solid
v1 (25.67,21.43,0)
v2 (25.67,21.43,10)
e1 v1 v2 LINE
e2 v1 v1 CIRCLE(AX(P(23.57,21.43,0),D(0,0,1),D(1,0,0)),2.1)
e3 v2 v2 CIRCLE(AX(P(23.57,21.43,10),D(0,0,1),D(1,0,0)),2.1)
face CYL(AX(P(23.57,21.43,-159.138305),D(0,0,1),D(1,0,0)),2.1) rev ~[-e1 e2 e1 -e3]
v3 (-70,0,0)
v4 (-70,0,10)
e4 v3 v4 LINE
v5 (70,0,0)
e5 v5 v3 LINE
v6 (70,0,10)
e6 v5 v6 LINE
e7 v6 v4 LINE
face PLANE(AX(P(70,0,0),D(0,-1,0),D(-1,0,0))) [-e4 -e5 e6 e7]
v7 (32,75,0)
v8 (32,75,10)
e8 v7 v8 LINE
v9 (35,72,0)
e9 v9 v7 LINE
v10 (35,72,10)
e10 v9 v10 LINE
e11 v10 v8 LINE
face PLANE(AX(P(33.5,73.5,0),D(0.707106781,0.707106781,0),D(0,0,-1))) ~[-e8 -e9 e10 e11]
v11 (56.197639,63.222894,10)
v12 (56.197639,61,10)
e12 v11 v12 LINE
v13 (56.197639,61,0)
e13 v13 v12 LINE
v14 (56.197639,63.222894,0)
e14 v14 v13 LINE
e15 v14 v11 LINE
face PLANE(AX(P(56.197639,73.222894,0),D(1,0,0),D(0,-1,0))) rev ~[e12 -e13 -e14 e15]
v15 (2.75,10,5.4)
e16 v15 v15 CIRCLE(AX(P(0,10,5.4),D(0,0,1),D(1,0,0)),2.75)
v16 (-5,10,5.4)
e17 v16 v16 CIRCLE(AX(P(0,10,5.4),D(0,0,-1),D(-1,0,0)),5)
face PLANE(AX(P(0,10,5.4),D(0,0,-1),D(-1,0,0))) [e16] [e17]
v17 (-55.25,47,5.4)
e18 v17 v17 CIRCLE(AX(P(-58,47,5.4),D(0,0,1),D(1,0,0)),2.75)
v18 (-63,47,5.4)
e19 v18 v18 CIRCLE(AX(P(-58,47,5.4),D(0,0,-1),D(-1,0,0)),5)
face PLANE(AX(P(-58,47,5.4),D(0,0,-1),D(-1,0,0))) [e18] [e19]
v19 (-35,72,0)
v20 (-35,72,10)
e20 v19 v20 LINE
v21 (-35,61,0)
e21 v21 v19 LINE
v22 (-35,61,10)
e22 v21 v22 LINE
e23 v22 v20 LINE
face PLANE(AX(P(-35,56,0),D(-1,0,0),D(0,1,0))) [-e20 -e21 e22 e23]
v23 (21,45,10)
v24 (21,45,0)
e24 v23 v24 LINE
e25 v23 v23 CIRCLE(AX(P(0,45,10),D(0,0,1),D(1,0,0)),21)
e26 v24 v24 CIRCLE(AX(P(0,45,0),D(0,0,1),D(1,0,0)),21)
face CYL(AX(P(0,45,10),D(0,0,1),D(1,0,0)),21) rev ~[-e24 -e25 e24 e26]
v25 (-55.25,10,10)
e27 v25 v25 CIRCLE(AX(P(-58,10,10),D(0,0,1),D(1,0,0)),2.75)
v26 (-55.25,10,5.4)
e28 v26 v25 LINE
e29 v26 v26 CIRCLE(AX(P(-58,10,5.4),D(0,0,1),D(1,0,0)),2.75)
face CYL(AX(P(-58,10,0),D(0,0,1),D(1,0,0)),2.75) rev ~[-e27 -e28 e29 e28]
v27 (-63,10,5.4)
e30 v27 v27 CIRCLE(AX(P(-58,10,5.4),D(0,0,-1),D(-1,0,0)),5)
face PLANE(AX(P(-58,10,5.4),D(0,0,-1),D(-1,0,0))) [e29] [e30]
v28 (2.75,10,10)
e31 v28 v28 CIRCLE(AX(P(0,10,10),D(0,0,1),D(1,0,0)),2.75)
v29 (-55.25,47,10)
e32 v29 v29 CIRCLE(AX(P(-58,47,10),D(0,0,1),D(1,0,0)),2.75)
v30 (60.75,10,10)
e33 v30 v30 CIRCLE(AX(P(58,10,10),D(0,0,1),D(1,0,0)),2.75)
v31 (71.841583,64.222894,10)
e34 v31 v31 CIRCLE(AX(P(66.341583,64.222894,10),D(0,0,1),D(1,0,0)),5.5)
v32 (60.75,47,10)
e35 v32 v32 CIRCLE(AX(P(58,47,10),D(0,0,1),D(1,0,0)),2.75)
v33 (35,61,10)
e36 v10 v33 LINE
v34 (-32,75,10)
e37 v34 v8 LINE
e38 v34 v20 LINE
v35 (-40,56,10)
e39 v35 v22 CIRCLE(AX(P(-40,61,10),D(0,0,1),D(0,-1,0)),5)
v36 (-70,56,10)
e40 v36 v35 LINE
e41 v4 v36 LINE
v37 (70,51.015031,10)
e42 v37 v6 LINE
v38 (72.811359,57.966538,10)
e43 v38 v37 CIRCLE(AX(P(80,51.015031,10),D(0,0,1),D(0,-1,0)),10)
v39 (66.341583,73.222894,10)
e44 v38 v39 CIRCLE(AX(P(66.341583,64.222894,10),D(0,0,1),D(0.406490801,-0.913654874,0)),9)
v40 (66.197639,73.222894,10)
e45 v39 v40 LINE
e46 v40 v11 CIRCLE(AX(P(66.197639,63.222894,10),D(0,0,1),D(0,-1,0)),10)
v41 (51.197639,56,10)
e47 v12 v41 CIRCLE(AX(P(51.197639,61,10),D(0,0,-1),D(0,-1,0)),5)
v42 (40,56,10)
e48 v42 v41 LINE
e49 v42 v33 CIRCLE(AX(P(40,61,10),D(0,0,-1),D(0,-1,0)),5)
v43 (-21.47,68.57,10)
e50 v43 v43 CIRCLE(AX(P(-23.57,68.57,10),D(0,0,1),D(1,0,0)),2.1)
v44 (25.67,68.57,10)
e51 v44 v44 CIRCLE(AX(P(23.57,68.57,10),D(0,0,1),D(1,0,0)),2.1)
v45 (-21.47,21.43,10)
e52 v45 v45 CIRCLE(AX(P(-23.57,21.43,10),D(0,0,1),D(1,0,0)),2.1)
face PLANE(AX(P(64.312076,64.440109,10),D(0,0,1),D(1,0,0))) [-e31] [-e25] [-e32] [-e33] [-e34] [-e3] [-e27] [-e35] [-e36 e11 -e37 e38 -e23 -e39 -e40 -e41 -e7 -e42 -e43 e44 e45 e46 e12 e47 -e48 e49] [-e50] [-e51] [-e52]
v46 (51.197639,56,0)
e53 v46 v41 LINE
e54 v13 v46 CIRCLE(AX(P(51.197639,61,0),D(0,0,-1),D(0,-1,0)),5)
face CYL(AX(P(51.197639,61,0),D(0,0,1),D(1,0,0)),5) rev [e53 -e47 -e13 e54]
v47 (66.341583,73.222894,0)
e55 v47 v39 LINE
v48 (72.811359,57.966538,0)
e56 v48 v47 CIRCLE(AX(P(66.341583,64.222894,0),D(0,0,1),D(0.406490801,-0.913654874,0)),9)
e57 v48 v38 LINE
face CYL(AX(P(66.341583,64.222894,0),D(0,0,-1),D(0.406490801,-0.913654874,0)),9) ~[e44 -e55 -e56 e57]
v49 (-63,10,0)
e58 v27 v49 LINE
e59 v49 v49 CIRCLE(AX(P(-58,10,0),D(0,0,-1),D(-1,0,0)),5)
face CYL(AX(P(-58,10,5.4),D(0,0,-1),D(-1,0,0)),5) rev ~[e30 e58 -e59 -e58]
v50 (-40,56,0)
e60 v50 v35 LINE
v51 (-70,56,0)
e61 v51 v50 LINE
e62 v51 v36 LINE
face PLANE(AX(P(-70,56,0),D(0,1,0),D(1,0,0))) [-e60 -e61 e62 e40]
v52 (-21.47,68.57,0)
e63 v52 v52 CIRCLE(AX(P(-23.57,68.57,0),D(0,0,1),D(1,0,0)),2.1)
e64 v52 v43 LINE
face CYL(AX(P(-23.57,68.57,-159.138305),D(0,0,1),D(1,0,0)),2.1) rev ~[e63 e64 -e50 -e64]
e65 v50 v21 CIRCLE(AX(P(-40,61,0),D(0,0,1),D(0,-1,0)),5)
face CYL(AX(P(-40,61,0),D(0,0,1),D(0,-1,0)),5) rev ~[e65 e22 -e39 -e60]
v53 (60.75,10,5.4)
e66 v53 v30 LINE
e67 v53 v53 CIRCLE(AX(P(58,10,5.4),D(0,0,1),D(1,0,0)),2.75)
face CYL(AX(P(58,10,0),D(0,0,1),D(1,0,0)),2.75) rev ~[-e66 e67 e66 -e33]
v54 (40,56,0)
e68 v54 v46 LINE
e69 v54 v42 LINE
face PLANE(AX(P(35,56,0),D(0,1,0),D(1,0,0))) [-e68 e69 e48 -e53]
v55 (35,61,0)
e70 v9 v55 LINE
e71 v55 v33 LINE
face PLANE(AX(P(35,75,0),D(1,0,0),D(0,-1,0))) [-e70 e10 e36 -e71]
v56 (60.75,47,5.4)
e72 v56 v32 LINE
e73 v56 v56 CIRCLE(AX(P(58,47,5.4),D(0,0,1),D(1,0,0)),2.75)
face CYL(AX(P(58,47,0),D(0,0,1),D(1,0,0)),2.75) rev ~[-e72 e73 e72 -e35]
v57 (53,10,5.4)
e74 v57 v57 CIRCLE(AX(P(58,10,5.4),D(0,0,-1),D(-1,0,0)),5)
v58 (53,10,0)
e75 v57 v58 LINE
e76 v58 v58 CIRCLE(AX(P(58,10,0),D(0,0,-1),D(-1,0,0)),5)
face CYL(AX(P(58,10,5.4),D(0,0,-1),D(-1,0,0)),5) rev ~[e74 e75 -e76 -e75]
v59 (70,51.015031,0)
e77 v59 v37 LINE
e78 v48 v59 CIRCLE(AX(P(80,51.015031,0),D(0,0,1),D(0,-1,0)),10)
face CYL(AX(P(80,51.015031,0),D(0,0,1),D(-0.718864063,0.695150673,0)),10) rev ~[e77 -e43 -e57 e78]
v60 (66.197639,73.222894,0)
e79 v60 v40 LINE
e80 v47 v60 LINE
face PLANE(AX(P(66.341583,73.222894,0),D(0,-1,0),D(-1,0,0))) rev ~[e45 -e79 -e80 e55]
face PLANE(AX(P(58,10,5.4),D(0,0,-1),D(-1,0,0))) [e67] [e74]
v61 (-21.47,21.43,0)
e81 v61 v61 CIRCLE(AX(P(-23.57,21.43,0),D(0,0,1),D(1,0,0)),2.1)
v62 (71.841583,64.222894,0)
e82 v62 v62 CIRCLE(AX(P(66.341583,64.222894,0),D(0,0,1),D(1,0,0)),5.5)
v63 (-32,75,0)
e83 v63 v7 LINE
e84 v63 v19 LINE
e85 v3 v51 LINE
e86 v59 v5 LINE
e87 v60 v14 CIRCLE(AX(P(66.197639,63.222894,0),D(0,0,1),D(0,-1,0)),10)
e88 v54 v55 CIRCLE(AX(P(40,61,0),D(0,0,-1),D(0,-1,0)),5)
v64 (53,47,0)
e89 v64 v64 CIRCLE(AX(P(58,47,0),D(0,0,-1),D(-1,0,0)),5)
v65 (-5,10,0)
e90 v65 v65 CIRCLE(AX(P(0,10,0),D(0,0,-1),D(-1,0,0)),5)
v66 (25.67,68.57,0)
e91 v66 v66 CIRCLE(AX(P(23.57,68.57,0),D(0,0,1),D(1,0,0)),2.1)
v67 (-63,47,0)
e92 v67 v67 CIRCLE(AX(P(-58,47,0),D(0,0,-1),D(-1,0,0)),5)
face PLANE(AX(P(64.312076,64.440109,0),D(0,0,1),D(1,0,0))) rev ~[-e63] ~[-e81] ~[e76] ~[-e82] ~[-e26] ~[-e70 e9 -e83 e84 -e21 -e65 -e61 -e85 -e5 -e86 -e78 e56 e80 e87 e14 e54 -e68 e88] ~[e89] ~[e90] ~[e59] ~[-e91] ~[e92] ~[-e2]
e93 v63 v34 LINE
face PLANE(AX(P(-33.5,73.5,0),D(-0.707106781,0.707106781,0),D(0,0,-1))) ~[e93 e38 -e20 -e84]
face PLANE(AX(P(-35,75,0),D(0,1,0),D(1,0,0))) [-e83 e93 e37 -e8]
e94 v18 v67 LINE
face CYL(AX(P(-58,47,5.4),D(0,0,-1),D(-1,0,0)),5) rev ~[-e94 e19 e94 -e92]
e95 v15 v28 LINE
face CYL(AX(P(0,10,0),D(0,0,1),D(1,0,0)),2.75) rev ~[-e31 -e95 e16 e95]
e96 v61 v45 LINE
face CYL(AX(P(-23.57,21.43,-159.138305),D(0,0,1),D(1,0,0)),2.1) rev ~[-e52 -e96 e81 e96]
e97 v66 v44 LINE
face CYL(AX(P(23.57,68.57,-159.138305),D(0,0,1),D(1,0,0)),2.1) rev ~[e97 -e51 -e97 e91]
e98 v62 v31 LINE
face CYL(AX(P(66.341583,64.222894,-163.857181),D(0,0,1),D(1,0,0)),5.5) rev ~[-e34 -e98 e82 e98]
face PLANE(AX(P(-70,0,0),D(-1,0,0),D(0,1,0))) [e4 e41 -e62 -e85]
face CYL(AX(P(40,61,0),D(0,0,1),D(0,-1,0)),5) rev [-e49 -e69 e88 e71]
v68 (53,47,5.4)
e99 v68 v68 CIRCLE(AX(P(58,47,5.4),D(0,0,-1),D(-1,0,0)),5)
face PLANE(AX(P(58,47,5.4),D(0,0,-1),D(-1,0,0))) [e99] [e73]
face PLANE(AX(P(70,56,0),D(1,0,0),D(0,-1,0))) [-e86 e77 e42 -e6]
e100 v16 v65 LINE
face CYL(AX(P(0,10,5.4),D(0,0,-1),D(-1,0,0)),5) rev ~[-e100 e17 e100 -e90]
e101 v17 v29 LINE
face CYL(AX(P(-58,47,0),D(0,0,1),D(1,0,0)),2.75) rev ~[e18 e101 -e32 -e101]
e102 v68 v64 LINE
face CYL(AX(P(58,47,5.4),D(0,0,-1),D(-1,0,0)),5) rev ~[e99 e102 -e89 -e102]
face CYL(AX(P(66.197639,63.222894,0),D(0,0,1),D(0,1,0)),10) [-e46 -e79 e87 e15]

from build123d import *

# Parameters (mm, degrees)
EXTRUDE1_DEPTH                                      = 10
M5_TAPPED_HOLE1_D                                   = 4.2
CUT_EXTRUDE1_REACH                                  = 12
SKETCH4_R                                           = 21
CHAMFER1_SIZE                                       = 3
CBORE_FOR_M5_HEX_SOCKET_HEAD_CAP_SCREW1_D           = 5.5
CBORE_FOR_M5_HEX_SOCKET_HEAD_CAP_SCREW1_CBORE_D     = 10
CBORE_FOR_M5_HEX_SOCKET_HEAD_CAP_SCREW1_CBORE_DEPTH = 5.4
EXTRUDE2_DEPTH                                      = 10
FILLET3_R                                           = 10
FILLET4_R                                           = 5
M12X1_0_TAPPED_HOLE2_D                              = 11
M12X1_0_TAPPED_HOLE1_D                              = 11


with BuildPart() as part:
    # Sketch1 → Extrude1 (new body)
    with BuildSketch(Plane.XY):
        Polygon((35, 56), (70, 56), (70, 0), (-70, 0), (-70, 56), (-35, 56), (-35, 75), (35, 75), align=None)
    extrude(amount=EXTRUDE1_DEPTH)

    # M5 Tapped Hole1 (through all)
    with Locations(Plane(origin=(0, 0, 0), x_dir=(-1, 0, 0), z_dir=(0, 0, -1))):
        with Locations((-23.57, 68.57), (23.57, 68.57), (-23.57, 21.43), (23.57, 21.43)):
            Hole(M5_TAPPED_HOLE1_D / 2)

    # Sketch4 → Cut-Extrude1 (cut, up to next)
    with BuildSketch(Plane.XY.offset(10), mode=Mode.PRIVATE) as cut_extrude1_sk1:
        with Locations((0, 45)):
            Circle(SKETCH4_R)
    cut_extrude1_tool1 = extrude(cut_extrude1_sk1.sketch, amount=-CUT_EXTRUDE1_REACH, mode=Mode.PRIVATE) & part.part
    add(cut_extrude1_tool1.solids().sort_by_distance((0, 45, 10))[0], mode=Mode.SUBTRACT)

    # Chamfer1
    chamfer1_edges = [part.edges().sort_by_distance(p)[0] for p in [
        (-35, 75, 5),
        (35, 75, 5),
    ]]
    chamfer(chamfer1_edges, length=CHAMFER1_SIZE)

    # CBORE for M5 Hex Socket Head Cap Screw1 (through all)
    with Locations(Plane(origin=(0, 0, 0), x_dir=(-1, 0, 0), z_dir=(0, 0, -1))):
        with Locations((-58, 10), (0, 10), (58, 10), (58, 47), (-58, 47)):
            CounterBoreHole(CBORE_FOR_M5_HEX_SOCKET_HEAD_CAP_SCREW1_D / 2, CBORE_FOR_M5_HEX_SOCKET_HEAD_CAP_SCREW1_CBORE_D / 2, CBORE_FOR_M5_HEX_SOCKET_HEAD_CAP_SCREW1_CBORE_DEPTH)

    # Sketch7 → Extrude2 (add)
    with BuildSketch(Plane(origin=(0, 0, 0), x_dir=(-1, 0, 0), z_dir=(0, 0, -1))):
        with BuildLine():
            Line((-66.341582795, 73.222893867), (-56.19763933, 73.222893867))
            Line((-56.19763933, 73.222893867), (-56.19763933, 56))
            Line((-56.19763933, 56), (-70, 56))
            ThreePointArc((-70, 56), (-75.145162885, 66.092914615), (-66.341582795, 73.222893867))
        make_face()
    extrude(amount=-EXTRUDE2_DEPTH)

    # Fillet3
    fillet3_edges = [part.edges().sort_by_distance(p)[0] for p in [
        (56.19763933, 73.222893867, 5),
        (70, 56, 5),
    ]]
    fillet(fillet3_edges, radius=FILLET3_R)

    # Fillet4
    fillet4_edges = [part.edges().sort_by_distance(p)[0] for p in [
        (56.19763933, 56, 5),
        (-35, 56, 5),
        (35, 56, 5),
    ]]
    fillet(fillet4_edges, radius=FILLET4_R)

    # M12x1.0 Tapped Hole2 (through all)
    with Locations(Plane(origin=(0, 0, 0), x_dir=(-1, 0, 0), z_dir=(0, 0, -1))):
        with Locations((-66.341582795, 64.222893867)):
            Hole(M12X1_0_TAPPED_HOLE2_D / 2)

    # M12x1.0 Tapped Hole1 (through all)
    with Locations(Plane(origin=(0, 0, 0), x_dir=(-1, 0, 0), z_dir=(0, 0, -1))):
        with Locations((-66.341582795, 64.222893867)):
            Hole(M12X1_0_TAPPED_HOLE1_D / 2)


solid = part.part
